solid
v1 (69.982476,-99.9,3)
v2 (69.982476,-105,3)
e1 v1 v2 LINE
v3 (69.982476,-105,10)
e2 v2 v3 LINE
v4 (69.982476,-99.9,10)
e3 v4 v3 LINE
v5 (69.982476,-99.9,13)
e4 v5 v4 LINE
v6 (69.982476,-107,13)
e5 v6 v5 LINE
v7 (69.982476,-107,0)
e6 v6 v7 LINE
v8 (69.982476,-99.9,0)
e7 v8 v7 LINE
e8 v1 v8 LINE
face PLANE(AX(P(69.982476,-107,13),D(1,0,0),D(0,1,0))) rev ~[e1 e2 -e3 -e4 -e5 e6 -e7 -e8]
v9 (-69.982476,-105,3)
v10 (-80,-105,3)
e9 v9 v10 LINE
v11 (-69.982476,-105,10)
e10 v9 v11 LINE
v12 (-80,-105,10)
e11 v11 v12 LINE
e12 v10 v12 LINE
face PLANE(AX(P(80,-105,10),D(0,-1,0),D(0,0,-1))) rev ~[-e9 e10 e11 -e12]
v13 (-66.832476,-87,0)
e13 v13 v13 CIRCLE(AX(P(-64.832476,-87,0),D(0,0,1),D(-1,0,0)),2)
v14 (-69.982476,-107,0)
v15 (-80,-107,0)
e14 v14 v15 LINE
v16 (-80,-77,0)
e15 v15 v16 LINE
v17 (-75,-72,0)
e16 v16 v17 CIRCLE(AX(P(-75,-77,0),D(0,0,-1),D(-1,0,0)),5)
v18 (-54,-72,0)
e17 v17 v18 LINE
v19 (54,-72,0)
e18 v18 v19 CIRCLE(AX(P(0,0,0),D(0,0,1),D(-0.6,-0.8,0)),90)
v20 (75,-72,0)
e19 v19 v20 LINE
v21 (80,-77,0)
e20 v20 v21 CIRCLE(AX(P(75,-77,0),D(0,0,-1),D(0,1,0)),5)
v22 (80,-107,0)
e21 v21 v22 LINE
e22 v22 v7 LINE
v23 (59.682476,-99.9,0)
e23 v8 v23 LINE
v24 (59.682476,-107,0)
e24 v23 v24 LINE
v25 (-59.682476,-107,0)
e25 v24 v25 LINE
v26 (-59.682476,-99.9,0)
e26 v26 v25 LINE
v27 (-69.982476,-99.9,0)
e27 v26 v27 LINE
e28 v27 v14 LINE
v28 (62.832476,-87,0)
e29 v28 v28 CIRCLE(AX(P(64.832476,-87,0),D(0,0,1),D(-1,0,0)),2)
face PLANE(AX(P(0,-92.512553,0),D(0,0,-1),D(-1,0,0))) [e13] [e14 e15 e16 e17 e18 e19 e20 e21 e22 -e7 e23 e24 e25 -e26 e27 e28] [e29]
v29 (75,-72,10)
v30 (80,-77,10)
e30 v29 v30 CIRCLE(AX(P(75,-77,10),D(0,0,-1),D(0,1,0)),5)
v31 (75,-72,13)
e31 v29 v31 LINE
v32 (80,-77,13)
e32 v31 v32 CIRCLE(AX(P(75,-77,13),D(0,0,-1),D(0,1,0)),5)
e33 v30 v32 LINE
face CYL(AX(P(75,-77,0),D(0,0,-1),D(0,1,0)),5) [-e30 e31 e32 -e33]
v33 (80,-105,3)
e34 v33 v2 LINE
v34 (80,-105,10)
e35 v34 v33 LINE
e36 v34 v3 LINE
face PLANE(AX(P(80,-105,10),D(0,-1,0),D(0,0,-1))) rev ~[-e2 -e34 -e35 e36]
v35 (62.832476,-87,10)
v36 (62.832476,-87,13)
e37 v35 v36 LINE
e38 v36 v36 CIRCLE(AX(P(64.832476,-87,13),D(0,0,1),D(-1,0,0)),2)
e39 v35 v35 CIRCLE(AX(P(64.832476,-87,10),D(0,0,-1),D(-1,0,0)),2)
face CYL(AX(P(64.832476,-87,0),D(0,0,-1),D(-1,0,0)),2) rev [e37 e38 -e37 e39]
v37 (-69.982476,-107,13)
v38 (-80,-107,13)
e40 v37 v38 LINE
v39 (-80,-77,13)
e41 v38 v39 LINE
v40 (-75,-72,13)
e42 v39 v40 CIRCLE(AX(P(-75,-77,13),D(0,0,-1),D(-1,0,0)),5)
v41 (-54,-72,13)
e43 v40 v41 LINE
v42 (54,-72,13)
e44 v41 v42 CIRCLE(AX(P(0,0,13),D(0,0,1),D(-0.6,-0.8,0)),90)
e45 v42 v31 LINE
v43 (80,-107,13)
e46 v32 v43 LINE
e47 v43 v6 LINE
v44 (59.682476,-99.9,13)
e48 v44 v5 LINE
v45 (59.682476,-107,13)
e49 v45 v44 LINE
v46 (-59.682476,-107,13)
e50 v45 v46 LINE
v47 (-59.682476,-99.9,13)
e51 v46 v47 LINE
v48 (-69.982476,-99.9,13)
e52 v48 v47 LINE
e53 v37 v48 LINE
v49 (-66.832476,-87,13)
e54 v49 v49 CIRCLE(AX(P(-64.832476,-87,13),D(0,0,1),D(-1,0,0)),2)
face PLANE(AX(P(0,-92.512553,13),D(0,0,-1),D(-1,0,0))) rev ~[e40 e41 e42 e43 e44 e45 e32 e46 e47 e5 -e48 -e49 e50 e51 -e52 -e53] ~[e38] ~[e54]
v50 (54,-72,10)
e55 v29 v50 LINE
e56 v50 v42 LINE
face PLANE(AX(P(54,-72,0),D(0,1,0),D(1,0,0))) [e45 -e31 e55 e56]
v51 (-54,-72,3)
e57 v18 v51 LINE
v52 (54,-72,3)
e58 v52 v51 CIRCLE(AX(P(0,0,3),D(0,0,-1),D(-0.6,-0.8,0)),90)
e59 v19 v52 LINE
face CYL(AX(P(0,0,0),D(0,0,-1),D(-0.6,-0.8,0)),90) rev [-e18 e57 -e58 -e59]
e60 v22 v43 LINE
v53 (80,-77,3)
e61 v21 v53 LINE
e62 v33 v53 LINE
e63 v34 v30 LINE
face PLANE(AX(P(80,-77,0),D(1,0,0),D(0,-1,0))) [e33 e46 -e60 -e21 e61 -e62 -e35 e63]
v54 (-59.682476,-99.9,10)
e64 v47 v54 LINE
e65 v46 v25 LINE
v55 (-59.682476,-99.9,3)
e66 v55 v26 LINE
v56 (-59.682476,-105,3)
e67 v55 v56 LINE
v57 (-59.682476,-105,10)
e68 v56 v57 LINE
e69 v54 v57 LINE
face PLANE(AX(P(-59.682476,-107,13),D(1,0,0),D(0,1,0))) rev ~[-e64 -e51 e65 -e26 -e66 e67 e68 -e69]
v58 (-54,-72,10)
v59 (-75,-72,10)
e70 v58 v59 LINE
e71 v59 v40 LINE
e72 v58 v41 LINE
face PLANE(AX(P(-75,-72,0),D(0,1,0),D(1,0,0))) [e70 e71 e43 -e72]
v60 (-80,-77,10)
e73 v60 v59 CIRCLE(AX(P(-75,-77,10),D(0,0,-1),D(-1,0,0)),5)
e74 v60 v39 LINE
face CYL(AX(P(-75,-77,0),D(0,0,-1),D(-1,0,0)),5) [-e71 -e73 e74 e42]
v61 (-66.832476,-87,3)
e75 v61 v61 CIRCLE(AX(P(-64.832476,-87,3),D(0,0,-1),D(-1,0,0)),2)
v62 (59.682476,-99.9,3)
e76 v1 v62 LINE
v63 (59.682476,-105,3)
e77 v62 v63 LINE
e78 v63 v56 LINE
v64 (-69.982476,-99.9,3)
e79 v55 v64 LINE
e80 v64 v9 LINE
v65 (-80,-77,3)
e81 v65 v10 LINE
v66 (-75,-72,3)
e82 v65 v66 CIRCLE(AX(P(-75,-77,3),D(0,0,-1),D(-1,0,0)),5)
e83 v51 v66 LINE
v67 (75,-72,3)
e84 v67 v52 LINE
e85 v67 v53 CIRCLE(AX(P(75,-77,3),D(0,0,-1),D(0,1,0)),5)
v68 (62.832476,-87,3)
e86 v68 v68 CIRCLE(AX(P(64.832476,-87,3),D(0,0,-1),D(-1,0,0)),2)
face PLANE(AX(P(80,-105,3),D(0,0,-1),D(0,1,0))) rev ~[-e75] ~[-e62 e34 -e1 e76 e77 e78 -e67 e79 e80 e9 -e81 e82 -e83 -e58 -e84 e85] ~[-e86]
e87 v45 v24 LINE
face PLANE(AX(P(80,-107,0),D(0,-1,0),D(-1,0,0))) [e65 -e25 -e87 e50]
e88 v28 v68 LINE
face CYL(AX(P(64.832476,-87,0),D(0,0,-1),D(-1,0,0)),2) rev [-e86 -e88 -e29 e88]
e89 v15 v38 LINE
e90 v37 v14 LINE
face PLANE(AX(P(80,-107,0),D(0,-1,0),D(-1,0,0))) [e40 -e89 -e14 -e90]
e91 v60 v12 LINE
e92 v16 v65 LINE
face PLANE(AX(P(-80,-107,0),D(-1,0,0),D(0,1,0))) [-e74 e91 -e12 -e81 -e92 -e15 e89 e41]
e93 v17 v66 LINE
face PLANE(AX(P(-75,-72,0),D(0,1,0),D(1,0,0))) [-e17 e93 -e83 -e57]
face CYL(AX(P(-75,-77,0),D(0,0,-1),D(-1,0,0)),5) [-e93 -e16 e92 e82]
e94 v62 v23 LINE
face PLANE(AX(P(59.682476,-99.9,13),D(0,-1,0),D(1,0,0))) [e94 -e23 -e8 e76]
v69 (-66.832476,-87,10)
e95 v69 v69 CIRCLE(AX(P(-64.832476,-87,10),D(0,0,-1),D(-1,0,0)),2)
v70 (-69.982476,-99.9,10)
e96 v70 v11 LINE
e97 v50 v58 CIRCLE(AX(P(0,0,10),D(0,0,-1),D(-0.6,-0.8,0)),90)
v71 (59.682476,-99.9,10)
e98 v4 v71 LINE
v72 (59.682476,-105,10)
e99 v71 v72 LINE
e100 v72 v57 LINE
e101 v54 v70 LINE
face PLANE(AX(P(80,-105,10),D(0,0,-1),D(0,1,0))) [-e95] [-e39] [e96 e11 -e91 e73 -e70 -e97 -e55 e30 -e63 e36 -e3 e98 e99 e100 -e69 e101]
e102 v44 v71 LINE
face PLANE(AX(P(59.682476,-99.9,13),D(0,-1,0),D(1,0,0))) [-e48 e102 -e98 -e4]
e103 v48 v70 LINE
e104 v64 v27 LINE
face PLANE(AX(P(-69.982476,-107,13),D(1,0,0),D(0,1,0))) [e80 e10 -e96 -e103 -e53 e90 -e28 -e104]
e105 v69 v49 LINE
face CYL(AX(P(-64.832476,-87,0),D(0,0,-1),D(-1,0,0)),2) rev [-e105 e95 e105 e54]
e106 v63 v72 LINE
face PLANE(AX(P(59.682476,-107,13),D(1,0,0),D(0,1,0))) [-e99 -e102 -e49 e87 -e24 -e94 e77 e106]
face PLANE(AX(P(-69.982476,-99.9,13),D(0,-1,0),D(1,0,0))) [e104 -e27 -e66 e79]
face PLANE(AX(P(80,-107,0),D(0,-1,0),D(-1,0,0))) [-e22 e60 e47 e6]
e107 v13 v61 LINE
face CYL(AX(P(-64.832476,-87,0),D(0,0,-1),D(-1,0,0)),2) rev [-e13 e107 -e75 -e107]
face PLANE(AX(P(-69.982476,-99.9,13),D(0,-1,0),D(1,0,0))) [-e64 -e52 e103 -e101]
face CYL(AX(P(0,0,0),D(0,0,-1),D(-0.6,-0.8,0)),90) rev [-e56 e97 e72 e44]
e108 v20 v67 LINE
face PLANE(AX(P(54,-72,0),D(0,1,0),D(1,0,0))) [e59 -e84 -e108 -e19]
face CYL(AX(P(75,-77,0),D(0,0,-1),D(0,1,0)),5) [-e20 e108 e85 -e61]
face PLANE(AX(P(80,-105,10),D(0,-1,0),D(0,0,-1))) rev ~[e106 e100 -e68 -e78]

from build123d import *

# Parameters (mm, degrees)
SKETCH_1_R          = 2
EXTRUDE_1_DEPTH     = 13
SKETCH_2_W          = 7
SKETCH_2_H          = 34.84138361
CUT_EXTRUDE_1_DEPTH = 193.919672403
SKETCH_3_W          = 10.3
SKETCH_3_H          = 7.1
CUT_EXTRUDE_2_DEPTH = 60


with BuildPart() as part:
    # 草图1 → 凸台-拉伸1 (new body)
    with BuildSketch(Plane.XY):
        with BuildLine():
            Line((54, -72), (75, -72))
            ThreePointArc((75, -72), (78.535533906, -73.464466094), (80, -77))
            Line((80, -77), (80, -107))
            Line((80, -107), (-80, -107))
            Line((-80, -107), (-80, -77))
            ThreePointArc((-80, -77), (-78.535533906, -73.464466094), (-75, -72))
            Line((-75, -72), (-54, -72))
            ThreePointArc((-54, -72), (0, -90), (54, -72))
        make_face()
        with Locations(Location((-64.83247643, -87, 0), (0, 0, 180))):
            Circle(SKETCH_1_R, mode=Mode.SUBTRACT)
        with Locations(Location((64.83247643, -87, 0), (0, 0, 180))):
            Circle(SKETCH_1_R, mode=Mode.SUBTRACT)
    extrude(amount=EXTRUDE_1_DEPTH)

    # 草图2 → 切除-拉伸1 (cut, through all)
    with BuildSketch(Plane(origin=(80, 0, 0), x_dir=(0, 0, -1), z_dir=(1, 0, 0))):
        with Locations((-6.5, -87.579308195)):
            Rectangle(SKETCH_2_W, SKETCH_2_H)
    extrude(amount=-CUT_EXTRUDE_1_DEPTH, mode=Mode.SUBTRACT)

    # 草图3 → 切除-拉伸2 (cut)
    with BuildSketch(Plane.XY.offset(13)):
        with Locations((-64.83247643, -103.45)):
            Rectangle(SKETCH_3_W, SKETCH_3_H)
        with Locations((64.83247643, -103.45)):
            Rectangle(SKETCH_3_W, SKETCH_3_H)
    extrude(amount=-CUT_EXTRUDE_2_DEPTH, mode=Mode.SUBTRACT)


solid = part.part
